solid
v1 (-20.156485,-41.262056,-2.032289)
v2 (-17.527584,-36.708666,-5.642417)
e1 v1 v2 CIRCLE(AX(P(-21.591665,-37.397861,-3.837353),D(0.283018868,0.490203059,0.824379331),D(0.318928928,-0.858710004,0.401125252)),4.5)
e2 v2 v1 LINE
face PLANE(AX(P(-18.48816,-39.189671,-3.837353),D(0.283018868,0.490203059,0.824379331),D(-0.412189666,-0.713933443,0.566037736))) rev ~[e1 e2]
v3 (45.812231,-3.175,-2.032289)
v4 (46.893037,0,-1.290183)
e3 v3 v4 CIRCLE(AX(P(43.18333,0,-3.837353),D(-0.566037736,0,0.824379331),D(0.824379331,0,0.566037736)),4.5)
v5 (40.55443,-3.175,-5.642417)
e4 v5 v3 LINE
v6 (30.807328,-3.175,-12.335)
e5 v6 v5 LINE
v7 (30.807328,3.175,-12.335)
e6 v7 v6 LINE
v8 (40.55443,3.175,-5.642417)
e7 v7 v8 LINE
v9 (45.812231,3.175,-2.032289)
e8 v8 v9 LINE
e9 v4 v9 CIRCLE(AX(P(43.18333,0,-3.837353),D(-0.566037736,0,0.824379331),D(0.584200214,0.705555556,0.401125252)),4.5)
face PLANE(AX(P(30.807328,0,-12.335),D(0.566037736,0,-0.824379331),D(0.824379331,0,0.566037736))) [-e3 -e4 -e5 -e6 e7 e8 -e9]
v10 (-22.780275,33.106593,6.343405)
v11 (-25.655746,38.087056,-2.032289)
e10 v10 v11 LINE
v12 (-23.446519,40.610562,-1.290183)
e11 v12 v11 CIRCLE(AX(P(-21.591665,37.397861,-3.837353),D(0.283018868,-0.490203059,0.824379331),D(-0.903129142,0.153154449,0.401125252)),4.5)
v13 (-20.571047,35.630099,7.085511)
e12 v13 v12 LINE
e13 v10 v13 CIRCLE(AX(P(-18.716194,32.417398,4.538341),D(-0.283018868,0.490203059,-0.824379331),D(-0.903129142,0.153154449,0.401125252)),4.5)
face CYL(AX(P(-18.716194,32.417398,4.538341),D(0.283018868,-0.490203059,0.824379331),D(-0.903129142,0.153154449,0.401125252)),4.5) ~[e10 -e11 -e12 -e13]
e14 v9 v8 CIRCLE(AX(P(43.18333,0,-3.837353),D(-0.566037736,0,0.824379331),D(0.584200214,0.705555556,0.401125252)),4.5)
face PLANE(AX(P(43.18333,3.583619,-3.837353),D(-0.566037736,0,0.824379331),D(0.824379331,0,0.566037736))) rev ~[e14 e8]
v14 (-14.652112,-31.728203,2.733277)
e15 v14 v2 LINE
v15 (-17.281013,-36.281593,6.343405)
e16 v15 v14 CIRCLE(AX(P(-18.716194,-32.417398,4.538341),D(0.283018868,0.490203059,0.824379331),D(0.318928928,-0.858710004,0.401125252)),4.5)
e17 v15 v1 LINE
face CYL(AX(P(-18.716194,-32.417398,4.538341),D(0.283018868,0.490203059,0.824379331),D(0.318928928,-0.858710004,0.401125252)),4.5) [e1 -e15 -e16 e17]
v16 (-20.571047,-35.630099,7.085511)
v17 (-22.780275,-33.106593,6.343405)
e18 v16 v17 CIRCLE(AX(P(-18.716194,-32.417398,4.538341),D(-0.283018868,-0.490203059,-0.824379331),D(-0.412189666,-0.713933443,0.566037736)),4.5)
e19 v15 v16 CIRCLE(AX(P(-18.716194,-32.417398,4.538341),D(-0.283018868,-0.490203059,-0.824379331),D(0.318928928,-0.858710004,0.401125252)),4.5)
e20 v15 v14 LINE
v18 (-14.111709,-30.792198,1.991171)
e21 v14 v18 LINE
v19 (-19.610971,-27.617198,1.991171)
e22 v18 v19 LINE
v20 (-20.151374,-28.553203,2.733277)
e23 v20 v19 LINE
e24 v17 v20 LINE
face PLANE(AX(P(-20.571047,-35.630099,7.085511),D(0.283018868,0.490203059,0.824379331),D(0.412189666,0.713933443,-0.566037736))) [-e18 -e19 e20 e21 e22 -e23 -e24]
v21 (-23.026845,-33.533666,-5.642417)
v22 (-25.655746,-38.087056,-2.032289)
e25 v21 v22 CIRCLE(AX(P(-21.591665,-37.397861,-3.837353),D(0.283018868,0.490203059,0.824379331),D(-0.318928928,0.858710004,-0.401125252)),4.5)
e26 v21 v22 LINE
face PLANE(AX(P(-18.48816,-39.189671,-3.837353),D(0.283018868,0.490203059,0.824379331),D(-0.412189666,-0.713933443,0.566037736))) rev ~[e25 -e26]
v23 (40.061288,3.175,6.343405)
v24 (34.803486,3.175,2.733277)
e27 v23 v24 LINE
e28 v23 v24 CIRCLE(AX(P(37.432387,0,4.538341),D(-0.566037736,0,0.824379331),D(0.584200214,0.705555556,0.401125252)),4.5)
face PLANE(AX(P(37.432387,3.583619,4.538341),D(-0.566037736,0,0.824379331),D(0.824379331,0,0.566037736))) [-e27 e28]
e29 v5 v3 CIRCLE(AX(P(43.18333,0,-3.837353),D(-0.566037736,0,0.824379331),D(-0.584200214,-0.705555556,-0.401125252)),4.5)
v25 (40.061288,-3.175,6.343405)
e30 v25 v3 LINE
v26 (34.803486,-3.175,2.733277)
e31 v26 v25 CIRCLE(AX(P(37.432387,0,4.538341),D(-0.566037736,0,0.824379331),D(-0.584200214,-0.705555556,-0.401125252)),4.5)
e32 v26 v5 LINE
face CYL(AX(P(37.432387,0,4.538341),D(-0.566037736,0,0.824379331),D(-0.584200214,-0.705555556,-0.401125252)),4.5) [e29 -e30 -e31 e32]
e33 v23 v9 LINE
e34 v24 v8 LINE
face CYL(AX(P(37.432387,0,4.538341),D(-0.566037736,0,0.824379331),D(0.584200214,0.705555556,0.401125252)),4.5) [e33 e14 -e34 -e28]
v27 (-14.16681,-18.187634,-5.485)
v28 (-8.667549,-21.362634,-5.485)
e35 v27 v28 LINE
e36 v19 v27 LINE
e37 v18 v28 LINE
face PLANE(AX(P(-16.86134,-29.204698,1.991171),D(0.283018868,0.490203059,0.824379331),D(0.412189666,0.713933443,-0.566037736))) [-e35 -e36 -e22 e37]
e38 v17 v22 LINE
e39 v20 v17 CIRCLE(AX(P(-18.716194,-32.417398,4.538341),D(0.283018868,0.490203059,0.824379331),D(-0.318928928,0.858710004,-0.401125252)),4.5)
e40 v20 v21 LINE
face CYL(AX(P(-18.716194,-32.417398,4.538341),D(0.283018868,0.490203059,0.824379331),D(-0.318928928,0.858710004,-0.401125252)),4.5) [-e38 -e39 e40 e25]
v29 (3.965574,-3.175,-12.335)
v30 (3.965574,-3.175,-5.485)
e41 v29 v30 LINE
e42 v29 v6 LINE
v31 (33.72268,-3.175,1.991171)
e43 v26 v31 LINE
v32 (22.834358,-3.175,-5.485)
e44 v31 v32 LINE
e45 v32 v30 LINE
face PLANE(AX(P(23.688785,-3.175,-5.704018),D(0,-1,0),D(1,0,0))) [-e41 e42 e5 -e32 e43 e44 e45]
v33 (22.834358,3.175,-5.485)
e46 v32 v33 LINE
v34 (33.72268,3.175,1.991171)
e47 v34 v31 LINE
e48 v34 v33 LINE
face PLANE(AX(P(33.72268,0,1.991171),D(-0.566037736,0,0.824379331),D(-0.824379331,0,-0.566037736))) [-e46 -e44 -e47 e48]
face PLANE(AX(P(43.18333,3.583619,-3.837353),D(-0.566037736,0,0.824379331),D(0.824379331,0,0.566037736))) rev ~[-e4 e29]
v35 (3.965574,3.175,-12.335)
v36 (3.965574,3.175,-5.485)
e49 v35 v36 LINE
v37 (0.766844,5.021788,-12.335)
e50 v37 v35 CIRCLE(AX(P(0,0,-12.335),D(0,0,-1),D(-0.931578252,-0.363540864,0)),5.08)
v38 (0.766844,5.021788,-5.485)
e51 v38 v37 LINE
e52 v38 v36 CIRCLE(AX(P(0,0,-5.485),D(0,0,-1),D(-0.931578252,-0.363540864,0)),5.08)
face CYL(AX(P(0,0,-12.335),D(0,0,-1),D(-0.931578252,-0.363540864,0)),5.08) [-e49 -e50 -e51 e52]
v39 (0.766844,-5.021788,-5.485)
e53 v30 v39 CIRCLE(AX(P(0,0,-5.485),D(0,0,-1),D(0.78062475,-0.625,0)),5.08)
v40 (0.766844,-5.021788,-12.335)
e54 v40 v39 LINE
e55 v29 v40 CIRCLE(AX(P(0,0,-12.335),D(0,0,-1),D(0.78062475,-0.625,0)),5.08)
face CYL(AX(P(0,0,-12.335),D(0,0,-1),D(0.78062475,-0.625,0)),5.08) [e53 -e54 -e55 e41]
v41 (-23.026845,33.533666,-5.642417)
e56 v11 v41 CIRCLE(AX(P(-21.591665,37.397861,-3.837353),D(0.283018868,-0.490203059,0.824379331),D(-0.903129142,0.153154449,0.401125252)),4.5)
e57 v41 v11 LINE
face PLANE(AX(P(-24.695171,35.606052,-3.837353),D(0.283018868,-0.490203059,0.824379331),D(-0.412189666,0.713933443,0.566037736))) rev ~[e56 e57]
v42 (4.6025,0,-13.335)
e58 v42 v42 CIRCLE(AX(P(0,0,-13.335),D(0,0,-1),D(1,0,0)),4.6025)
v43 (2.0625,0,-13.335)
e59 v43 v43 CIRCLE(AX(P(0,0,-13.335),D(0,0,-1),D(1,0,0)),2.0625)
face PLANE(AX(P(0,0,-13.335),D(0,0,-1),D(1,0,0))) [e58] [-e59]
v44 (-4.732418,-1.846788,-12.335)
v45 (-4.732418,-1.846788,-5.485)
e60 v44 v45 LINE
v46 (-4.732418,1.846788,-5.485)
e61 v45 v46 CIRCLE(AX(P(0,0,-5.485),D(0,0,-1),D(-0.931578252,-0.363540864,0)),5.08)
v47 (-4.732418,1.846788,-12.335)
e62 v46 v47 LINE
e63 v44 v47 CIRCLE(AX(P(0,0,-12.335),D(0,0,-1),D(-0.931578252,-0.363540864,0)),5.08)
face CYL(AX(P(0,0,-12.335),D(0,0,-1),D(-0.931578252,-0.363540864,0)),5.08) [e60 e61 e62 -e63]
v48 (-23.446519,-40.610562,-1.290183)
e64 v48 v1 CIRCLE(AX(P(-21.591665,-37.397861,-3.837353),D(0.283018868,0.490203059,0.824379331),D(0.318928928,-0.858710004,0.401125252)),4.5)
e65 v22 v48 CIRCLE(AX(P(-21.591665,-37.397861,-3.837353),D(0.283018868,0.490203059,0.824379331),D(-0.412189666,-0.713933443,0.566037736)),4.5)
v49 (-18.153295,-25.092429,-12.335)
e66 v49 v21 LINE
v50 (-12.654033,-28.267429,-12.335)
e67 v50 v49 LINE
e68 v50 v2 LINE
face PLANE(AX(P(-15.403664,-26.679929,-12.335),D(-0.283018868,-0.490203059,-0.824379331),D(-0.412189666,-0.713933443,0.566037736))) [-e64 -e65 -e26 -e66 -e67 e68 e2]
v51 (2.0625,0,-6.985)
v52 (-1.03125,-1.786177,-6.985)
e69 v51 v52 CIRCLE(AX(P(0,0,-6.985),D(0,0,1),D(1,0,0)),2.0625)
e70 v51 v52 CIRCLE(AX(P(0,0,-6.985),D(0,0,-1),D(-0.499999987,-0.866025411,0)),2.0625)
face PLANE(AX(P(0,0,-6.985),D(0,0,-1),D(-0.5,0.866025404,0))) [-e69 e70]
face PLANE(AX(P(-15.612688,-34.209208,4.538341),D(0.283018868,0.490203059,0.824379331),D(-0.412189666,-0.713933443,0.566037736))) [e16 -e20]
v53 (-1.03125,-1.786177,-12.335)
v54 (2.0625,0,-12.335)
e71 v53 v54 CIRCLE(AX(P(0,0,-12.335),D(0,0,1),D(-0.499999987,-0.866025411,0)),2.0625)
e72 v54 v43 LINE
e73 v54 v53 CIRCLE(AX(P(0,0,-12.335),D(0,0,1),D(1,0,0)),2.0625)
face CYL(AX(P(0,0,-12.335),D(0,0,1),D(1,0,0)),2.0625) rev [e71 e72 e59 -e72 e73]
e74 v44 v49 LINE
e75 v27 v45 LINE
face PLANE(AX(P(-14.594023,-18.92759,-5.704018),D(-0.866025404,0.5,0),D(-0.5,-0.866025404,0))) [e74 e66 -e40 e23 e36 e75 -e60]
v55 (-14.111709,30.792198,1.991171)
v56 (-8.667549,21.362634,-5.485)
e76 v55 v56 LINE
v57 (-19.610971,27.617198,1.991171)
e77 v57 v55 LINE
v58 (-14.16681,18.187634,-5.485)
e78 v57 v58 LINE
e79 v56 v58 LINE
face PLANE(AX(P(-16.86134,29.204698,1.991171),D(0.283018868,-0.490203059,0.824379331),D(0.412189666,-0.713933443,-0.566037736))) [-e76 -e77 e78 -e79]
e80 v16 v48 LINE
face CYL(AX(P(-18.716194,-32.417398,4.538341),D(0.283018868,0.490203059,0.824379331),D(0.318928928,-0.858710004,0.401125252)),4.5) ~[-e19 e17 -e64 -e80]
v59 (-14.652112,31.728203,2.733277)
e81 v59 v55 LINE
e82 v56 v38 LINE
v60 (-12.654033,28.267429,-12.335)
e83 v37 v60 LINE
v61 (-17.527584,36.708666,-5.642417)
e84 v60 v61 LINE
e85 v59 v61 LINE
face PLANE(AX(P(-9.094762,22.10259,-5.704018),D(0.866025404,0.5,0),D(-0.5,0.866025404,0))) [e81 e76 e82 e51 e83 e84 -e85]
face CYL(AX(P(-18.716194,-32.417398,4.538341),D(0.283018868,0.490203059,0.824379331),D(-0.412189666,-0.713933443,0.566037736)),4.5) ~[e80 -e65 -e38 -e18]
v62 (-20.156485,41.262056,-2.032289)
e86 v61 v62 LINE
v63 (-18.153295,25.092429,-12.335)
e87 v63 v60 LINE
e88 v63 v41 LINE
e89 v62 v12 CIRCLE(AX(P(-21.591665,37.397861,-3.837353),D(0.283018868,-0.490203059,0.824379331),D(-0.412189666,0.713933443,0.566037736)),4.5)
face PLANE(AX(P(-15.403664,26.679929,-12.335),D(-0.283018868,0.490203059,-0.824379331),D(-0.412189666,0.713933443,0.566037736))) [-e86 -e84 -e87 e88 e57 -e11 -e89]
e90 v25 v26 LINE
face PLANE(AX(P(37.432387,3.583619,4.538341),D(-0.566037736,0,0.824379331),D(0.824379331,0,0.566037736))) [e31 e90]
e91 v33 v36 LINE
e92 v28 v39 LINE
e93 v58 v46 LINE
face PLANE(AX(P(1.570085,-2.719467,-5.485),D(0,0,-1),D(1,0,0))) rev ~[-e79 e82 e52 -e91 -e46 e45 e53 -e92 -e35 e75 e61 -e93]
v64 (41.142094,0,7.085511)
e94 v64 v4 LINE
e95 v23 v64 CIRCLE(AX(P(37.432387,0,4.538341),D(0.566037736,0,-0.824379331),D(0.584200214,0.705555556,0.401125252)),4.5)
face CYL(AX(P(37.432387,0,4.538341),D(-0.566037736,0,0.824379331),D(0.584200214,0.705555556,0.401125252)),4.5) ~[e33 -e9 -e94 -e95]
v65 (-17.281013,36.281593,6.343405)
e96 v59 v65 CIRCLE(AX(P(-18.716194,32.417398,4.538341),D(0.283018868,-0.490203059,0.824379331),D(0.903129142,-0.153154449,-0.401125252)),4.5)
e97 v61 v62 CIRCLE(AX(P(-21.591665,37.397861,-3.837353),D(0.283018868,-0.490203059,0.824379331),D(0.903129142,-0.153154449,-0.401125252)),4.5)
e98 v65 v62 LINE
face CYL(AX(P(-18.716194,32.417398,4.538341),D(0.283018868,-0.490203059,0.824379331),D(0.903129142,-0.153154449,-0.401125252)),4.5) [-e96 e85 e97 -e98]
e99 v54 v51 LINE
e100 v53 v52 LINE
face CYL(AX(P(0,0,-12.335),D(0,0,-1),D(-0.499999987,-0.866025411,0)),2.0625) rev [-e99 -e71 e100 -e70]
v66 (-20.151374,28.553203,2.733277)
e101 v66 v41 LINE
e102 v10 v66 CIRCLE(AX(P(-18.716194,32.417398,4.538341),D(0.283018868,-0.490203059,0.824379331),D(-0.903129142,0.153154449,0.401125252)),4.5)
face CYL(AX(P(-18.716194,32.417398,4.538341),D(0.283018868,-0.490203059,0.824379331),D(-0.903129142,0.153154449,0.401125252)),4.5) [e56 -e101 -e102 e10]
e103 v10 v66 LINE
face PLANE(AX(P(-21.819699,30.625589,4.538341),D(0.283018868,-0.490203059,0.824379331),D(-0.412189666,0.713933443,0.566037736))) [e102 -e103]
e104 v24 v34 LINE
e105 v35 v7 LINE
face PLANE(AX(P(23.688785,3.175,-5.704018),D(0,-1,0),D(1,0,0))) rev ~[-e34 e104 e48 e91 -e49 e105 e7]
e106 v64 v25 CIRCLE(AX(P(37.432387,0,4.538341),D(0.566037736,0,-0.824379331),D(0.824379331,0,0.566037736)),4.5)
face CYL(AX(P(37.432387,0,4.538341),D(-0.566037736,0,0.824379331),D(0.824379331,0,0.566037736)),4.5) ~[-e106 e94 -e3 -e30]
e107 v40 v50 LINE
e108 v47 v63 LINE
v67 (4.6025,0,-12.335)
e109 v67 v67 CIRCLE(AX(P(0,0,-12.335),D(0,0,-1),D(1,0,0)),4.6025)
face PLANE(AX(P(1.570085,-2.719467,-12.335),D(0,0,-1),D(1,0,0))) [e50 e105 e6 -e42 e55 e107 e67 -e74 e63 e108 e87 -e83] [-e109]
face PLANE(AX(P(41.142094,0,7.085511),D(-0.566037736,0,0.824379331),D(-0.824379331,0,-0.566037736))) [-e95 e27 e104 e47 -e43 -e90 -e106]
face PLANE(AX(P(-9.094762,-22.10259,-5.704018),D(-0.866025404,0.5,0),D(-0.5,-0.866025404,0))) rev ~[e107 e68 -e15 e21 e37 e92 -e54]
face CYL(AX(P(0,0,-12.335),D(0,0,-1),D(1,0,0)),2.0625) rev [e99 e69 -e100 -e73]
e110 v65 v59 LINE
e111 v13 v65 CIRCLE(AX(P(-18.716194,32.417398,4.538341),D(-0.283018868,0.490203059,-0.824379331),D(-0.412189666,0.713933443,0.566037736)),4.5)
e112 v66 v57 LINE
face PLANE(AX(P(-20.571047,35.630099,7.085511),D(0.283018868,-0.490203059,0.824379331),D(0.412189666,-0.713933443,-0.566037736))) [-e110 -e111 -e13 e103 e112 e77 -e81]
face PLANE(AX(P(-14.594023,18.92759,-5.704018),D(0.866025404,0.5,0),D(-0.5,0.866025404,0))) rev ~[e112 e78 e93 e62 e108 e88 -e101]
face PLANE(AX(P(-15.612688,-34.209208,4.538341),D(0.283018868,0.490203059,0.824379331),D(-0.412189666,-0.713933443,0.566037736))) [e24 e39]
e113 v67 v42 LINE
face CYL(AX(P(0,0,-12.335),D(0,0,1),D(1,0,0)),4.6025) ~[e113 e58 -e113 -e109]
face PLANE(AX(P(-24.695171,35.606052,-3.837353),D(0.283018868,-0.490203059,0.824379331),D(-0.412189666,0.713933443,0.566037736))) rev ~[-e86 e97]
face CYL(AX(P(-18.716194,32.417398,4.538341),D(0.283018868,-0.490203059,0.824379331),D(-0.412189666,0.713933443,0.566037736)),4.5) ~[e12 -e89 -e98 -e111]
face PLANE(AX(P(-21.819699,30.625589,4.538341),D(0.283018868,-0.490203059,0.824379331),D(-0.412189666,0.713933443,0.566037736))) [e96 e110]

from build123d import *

# Parameters (mm, degrees)
F1_DEPTH  = 3.175
F3_DEPTH  = 10.16
F5_DEPTH  = 19.2661186822
F6_COUNT  = 3
F8_DEPTH  = 6.85
F9_R      = 4.6025
F9_R_2    = 2.0625
F10_DEPTH = 1


with BuildPart() as f1:
    # F0 (on Front) → F1 (new body, symmetric)
    with BuildSketch(Plane.XZ):
        Polygon((0, -5.485), (0, -6.985), (2.0625, -6.985), (2.0625, -12.335), (30.8073278059, -12.335), (46.8930374778, -1.2901832047), (41.1420940815, 7.0855107996), (33.7226801014, 1.9911711769), (22.8343583448, -5.485), align=None)
    extrude(amount=F1_DEPTH, both=True)

    # F2 (on face) → F3 (join, through all)
    with BuildSketch(Plane(origin=(9.8755636575, 0, -14.3828053272), x_dir=(0.8243793311, 0, 0.5660377358), z_dir=(-0.5660377358, 0, 0.8243793311))):
        with BuildLine():
            Line((30.23841274, 3.175), (36.6163042411, 3.175))
            ThreePointArc((36.6163042411, 3.175), (33.4273584906, 4.5), (30.23841274, 3.175))
        make_face()
        with BuildLine():
            ThreePointArc((30.23841274, -3.175), (33.4273584906, -4.5), (36.6163042411, -3.175))
            Line((36.6163042411, -3.175), (30.23841274, -3.175))
        make_face()
        with BuildLine():
            ThreePointArc((36.6163042411, -3.175), (37.5867007389, -1.7175191589), (37.9273584906, 0))
            ThreePointArc((37.9273584906, 0), (37.5867007389, 1.7175191589), (36.6163042411, 3.175))
            Line((36.6163042411, 3.175), (30.23841274, 3.175))
            ThreePointArc((30.23841274, 3.175), (28.9273584906, 0), (30.23841274, -3.175))
            Line((30.23841274, -3.175), (36.6163042411, -3.175))
        make_face()
    extrude(amount=-F3_DEPTH)

    # F4 (on face) → F5 (cut, through all)
    with BuildSketch(Plane(origin=(9.8755636575, 0, -14.3828053272), x_dir=(0.8243793311, 0, 0.5660377358), z_dir=(-0.5660377358, 0, 0.8243793311))):
        with BuildLine():
            Line((36.6163042411, -3.175), (37.9273584906, -3.175))
            Line((37.9273584906, -3.175), (37.9273584906, 0))
            ThreePointArc((37.9273584905, 0), (37.5867007389, -1.7175191589), (36.6163042411, -3.175))
        make_face()
        with BuildLine():
            ThreePointArc((36.6163042411, 3.175), (37.5867007389, 1.7175191589), (37.9273584905, 0))
            Line((37.9273584906, 0), (37.9273584906, 3.175))
            Line((37.9273584906, 3.175), (36.6163042411, 3.175))
        make_face()
    extrude(amount=-F5_DEPTH, mode=Mode.SUBTRACT)

    # F6: F1 ×3 about axis
    f6_axis = Axis((0, 0, -2.7425), (0, 0, -1))


with BuildPart() as f1_1:
    add(f1.part)
    for i in range(1, F6_COUNT):
        add(f1.part.rotate(f6_axis, i * 360 / F6_COUNT))

    # F7 (on face) → F8 (join, through all)
    with BuildSketch(Plane(origin=(0, 0, -12.335), x_dir=(1, 0, 0), z_dir=(0, 0, -1))):
        with BuildLine():
            ThreePointArc((-1.031249974, 1.7861774103), (1.031250013, 1.7861773878), (2.0625, 0))
            Line((2.0625, 0), (2.0625, 3.175))
            Line((2.0625, 3.175), (3.965573729, 3.175))
            ThreePointArc((3.965573729, 3.175), (2.54, 4.3994090512), (0.7668437925, 5.0217875899))
            Line((0.7668437925, 5.0217875899), (1.718380657, 3.3736773953))
            Line((1.718380657, 3.3736773953), (-1.031249974, 1.7861774103))
        make_face()
        with BuildLine():
            Line((2.0625, -3.175), (2.0625, 0))
            ThreePointArc((2.0625, 0), (-1.031250013, -1.7861773878), (-1.031249974, 1.7861774103))
            Line((-1.031249974, 1.7861774103), (-3.780880657, 0.1986773953))
            Line((-3.780880657, 0.1986773953), (-4.7324175215, 1.8467875899))
            ThreePointArc((-4.7324175215, 1.8467875899), (-2.54, -4.3994090512), (3.965573729, -3.175))
            Line((3.965573729, -3.175), (2.0625, -3.175))
        make_face()
    extrude(amount=-F8_DEPTH)

    # F9 (on face) → F10 (join)
    with BuildSketch(Plane(origin=(0, 0, -12.335), x_dir=(1, 0, 0), z_dir=(0, 0, -1))):
        Circle(F9_R)
        Circle(F9_R_2, mode=Mode.SUBTRACT)
    extrude(amount=F10_DEPTH)


solid = f1_1.part
